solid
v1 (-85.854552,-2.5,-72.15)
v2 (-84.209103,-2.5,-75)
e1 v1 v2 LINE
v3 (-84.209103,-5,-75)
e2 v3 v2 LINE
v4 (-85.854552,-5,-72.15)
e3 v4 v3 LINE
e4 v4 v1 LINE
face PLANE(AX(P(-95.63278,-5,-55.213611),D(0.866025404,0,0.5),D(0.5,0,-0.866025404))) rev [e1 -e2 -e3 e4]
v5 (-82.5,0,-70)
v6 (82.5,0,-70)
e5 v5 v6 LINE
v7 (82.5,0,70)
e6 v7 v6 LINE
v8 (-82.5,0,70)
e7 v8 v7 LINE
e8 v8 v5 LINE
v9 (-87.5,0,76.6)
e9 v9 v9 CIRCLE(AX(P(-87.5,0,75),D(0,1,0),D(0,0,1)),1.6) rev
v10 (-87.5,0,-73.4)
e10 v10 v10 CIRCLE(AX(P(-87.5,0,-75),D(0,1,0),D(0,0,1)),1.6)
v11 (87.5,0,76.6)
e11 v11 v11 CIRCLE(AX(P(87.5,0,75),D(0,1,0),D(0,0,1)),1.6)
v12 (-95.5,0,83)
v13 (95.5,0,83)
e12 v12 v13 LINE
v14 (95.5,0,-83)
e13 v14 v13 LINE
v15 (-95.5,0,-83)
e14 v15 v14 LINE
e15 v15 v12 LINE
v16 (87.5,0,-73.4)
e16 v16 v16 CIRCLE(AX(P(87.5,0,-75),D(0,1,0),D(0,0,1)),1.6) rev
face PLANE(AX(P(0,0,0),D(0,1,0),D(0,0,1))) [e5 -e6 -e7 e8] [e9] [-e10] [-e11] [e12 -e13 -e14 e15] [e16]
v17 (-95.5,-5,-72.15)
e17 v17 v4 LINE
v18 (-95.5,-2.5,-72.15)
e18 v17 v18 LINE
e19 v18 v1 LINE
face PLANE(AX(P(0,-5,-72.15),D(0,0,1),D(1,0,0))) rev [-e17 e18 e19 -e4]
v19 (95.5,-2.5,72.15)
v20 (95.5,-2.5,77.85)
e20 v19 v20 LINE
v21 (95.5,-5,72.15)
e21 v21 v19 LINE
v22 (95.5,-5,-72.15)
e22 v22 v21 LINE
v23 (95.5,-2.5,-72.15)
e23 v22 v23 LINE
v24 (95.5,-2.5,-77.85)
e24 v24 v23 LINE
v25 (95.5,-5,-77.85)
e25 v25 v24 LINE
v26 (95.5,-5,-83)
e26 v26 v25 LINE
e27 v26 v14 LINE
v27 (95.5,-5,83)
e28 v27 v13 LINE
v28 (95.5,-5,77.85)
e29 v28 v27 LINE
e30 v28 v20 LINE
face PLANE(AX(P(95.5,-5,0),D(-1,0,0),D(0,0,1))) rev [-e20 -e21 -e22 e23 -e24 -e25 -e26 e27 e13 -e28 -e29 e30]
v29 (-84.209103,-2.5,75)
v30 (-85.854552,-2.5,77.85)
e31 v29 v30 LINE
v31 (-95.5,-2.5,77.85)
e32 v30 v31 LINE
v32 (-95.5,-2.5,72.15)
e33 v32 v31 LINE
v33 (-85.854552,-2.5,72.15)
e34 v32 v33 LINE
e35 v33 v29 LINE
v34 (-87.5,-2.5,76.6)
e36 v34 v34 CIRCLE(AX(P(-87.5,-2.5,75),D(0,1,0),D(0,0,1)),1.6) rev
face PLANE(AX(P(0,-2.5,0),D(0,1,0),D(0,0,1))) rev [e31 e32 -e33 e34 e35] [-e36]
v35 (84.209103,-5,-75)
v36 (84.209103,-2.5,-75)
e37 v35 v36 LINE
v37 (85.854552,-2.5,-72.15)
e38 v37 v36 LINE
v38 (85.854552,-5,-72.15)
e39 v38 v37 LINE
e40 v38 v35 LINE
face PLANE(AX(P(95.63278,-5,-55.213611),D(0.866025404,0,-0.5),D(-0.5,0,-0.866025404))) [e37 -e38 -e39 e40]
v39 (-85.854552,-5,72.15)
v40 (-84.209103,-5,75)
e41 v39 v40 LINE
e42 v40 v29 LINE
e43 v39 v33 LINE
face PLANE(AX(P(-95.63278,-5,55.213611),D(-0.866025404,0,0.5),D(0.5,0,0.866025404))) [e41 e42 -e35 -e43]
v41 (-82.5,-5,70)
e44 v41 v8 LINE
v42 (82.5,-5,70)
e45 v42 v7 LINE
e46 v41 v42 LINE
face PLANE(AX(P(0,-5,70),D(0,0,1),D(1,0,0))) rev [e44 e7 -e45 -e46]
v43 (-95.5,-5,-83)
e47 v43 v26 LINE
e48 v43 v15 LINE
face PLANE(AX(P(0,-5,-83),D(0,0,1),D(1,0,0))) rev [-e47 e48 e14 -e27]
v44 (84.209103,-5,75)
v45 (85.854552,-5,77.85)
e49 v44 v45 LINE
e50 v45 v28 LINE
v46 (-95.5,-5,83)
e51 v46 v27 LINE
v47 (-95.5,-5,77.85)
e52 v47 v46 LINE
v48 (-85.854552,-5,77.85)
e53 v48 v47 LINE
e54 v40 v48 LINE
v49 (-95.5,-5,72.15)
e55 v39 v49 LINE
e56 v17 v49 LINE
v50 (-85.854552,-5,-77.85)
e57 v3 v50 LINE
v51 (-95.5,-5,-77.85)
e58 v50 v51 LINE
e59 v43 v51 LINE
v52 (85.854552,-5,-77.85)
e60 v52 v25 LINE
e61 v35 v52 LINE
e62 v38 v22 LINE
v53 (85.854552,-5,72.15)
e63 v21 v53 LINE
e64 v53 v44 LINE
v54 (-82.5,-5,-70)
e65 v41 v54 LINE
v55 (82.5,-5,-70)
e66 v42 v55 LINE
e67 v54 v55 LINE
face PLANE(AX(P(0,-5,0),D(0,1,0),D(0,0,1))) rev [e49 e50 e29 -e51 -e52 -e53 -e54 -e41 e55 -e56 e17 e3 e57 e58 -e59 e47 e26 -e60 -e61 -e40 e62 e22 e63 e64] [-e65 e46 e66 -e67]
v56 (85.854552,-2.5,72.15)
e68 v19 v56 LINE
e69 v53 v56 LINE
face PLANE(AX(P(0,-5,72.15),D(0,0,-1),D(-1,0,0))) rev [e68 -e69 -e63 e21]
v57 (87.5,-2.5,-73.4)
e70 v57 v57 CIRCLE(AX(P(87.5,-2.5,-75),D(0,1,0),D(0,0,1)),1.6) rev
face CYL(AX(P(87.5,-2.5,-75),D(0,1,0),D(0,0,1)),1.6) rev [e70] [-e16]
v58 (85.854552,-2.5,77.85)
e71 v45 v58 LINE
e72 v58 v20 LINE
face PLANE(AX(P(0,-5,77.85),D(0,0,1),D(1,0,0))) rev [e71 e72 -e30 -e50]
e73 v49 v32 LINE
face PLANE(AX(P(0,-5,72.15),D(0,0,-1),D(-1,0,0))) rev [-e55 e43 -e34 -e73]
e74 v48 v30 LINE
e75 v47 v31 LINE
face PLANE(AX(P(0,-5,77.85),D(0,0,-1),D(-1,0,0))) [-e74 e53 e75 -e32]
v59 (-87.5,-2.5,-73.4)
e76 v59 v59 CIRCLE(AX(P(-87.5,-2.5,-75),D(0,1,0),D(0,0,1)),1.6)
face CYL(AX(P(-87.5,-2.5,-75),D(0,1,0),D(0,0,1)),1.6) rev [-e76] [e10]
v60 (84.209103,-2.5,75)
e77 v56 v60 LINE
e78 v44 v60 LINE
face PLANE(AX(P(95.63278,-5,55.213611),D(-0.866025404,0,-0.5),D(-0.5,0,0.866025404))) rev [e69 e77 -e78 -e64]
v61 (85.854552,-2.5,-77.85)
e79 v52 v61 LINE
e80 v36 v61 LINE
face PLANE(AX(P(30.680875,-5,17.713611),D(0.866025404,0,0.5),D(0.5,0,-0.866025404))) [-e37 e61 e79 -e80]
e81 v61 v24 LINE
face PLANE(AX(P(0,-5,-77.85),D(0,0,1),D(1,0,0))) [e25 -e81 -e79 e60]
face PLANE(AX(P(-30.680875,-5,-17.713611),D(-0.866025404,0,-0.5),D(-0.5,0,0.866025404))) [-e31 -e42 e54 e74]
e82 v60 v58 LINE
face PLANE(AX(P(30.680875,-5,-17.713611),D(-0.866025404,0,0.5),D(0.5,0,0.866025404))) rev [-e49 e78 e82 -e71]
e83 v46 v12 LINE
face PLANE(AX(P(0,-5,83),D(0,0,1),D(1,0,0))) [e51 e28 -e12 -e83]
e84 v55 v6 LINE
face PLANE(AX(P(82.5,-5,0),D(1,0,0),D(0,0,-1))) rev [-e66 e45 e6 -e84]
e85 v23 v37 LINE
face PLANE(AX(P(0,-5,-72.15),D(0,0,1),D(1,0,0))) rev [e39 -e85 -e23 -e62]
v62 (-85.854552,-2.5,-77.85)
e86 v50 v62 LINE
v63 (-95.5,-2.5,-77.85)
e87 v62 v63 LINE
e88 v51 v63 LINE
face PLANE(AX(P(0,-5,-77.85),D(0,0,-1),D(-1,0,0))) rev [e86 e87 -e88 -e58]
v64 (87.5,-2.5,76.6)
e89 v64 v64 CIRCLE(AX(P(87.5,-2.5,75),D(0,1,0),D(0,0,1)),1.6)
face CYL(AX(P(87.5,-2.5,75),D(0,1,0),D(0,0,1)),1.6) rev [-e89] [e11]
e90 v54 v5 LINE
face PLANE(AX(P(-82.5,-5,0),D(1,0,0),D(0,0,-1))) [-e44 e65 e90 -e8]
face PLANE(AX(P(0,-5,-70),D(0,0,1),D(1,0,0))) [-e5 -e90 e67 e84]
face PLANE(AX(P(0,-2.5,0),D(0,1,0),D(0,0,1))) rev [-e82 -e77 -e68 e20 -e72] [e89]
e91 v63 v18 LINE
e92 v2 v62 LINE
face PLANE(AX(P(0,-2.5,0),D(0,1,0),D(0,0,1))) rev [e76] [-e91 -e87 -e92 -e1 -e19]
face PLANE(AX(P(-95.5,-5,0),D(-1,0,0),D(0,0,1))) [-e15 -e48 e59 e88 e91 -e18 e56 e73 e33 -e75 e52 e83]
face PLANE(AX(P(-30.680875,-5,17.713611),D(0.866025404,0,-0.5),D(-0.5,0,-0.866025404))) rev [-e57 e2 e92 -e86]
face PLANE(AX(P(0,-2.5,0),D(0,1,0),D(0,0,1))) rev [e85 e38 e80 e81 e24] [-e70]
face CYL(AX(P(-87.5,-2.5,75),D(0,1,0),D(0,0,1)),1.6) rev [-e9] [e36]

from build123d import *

# Parameters (mm, degrees)
SKETCH2_W           = 165
SKETCH2_H           = 140
BOSS_EXTRUDE1_DEPTH = 5
SKETCH2_3_R         = 1.6
BOSS_EXTRUDE2_DEPTH = 2.5


with BuildPart() as part:
    # Sketch2 → Boss-Extrude1 (new body)
    with BuildSketch(Plane(origin=(0, 0, 0), x_dir=(1, 0, 0), z_dir=(0, 1, 0))):
        Polygon((-95.5, -77.85), (-95.5, -83), (95.5, -83), (95.5, -77.85), (85.854551733, -77.85), (84.209103466, -75), (85.854551733, -72.15), (95.5, -72.15), (95.5, 72.15), (85.854551733, 72.15), (84.209103466, 75), (85.854551733, 77.85), (95.5, 77.85), (95.5, 83), (-95.5, 83), (-95.5, 77.85), (-85.854551733, 77.85), (-84.209103466, 75), (-85.854551733, 72.15), (-95.5, 72.15), (-95.5, -72.15), (-85.854551733, -72.15), (-84.209103466, -75), (-85.854551733, -77.85), align=None)
        Rectangle(SKETCH2_W, SKETCH2_H, mode=Mode.SUBTRACT)
    extrude(amount=-BOSS_EXTRUDE1_DEPTH)

    # Sketch2<3> → Boss-Extrude2 (add)
    # profile 1 of 4: a face of its own
    with BuildSketch(Plane(origin=(0, 0, 0), x_dir=(1, 0, 0), z_dir=(0, 1, 0))):
        Polygon((-95.5, -77.85), (-85.854551733, -77.85), (-84.209103466, -75), (-85.854551733, -72.15), (-95.5, -72.15), align=None)
        with Locations((-87.5, -75)):
            Circle(SKETCH2_3_R, mode=Mode.SUBTRACT)
    # profile 2 of 4: a face of its own
    with BuildSketch(Plane(origin=(0, 0, 0), x_dir=(1, 0, 0), z_dir=(0, 1, 0))):
        Polygon((95.5, -77.85), (95.5, -72.15), (85.854551733, -72.15), (84.209103466, -75), (85.854551733, -77.85), align=None)
        with Locations((87.5, -75)):
            Circle(SKETCH2_3_R, mode=Mode.SUBTRACT)
    # profile 3 of 4: a face of its own
    with BuildSketch(Plane(origin=(0, 0, 0), x_dir=(1, 0, 0), z_dir=(0, 1, 0))):
        Polygon((-95.5, 72.15), (-85.854551733, 72.15), (-84.209103466, 75), (-85.854551733, 77.85), (-95.5, 77.85), align=None)
        with Locations((-87.5, 75)):
            Circle(SKETCH2_3_R, mode=Mode.SUBTRACT)
    # profile 4 of 4: a face of its own
    with BuildSketch(Plane(origin=(0, 0, 0), x_dir=(1, 0, 0), z_dir=(0, 1, 0))):
        Polygon((95.5, 72.15), (95.5, 77.85), (85.854551733, 77.85), (84.209103466, 75), (85.854551733, 72.15), align=None)
        with Locations((87.5, 75)):
            Circle(SKETCH2_3_R, mode=Mode.SUBTRACT)
    extrude(amount=-BOSS_EXTRUDE2_DEPTH)


solid = part.part
